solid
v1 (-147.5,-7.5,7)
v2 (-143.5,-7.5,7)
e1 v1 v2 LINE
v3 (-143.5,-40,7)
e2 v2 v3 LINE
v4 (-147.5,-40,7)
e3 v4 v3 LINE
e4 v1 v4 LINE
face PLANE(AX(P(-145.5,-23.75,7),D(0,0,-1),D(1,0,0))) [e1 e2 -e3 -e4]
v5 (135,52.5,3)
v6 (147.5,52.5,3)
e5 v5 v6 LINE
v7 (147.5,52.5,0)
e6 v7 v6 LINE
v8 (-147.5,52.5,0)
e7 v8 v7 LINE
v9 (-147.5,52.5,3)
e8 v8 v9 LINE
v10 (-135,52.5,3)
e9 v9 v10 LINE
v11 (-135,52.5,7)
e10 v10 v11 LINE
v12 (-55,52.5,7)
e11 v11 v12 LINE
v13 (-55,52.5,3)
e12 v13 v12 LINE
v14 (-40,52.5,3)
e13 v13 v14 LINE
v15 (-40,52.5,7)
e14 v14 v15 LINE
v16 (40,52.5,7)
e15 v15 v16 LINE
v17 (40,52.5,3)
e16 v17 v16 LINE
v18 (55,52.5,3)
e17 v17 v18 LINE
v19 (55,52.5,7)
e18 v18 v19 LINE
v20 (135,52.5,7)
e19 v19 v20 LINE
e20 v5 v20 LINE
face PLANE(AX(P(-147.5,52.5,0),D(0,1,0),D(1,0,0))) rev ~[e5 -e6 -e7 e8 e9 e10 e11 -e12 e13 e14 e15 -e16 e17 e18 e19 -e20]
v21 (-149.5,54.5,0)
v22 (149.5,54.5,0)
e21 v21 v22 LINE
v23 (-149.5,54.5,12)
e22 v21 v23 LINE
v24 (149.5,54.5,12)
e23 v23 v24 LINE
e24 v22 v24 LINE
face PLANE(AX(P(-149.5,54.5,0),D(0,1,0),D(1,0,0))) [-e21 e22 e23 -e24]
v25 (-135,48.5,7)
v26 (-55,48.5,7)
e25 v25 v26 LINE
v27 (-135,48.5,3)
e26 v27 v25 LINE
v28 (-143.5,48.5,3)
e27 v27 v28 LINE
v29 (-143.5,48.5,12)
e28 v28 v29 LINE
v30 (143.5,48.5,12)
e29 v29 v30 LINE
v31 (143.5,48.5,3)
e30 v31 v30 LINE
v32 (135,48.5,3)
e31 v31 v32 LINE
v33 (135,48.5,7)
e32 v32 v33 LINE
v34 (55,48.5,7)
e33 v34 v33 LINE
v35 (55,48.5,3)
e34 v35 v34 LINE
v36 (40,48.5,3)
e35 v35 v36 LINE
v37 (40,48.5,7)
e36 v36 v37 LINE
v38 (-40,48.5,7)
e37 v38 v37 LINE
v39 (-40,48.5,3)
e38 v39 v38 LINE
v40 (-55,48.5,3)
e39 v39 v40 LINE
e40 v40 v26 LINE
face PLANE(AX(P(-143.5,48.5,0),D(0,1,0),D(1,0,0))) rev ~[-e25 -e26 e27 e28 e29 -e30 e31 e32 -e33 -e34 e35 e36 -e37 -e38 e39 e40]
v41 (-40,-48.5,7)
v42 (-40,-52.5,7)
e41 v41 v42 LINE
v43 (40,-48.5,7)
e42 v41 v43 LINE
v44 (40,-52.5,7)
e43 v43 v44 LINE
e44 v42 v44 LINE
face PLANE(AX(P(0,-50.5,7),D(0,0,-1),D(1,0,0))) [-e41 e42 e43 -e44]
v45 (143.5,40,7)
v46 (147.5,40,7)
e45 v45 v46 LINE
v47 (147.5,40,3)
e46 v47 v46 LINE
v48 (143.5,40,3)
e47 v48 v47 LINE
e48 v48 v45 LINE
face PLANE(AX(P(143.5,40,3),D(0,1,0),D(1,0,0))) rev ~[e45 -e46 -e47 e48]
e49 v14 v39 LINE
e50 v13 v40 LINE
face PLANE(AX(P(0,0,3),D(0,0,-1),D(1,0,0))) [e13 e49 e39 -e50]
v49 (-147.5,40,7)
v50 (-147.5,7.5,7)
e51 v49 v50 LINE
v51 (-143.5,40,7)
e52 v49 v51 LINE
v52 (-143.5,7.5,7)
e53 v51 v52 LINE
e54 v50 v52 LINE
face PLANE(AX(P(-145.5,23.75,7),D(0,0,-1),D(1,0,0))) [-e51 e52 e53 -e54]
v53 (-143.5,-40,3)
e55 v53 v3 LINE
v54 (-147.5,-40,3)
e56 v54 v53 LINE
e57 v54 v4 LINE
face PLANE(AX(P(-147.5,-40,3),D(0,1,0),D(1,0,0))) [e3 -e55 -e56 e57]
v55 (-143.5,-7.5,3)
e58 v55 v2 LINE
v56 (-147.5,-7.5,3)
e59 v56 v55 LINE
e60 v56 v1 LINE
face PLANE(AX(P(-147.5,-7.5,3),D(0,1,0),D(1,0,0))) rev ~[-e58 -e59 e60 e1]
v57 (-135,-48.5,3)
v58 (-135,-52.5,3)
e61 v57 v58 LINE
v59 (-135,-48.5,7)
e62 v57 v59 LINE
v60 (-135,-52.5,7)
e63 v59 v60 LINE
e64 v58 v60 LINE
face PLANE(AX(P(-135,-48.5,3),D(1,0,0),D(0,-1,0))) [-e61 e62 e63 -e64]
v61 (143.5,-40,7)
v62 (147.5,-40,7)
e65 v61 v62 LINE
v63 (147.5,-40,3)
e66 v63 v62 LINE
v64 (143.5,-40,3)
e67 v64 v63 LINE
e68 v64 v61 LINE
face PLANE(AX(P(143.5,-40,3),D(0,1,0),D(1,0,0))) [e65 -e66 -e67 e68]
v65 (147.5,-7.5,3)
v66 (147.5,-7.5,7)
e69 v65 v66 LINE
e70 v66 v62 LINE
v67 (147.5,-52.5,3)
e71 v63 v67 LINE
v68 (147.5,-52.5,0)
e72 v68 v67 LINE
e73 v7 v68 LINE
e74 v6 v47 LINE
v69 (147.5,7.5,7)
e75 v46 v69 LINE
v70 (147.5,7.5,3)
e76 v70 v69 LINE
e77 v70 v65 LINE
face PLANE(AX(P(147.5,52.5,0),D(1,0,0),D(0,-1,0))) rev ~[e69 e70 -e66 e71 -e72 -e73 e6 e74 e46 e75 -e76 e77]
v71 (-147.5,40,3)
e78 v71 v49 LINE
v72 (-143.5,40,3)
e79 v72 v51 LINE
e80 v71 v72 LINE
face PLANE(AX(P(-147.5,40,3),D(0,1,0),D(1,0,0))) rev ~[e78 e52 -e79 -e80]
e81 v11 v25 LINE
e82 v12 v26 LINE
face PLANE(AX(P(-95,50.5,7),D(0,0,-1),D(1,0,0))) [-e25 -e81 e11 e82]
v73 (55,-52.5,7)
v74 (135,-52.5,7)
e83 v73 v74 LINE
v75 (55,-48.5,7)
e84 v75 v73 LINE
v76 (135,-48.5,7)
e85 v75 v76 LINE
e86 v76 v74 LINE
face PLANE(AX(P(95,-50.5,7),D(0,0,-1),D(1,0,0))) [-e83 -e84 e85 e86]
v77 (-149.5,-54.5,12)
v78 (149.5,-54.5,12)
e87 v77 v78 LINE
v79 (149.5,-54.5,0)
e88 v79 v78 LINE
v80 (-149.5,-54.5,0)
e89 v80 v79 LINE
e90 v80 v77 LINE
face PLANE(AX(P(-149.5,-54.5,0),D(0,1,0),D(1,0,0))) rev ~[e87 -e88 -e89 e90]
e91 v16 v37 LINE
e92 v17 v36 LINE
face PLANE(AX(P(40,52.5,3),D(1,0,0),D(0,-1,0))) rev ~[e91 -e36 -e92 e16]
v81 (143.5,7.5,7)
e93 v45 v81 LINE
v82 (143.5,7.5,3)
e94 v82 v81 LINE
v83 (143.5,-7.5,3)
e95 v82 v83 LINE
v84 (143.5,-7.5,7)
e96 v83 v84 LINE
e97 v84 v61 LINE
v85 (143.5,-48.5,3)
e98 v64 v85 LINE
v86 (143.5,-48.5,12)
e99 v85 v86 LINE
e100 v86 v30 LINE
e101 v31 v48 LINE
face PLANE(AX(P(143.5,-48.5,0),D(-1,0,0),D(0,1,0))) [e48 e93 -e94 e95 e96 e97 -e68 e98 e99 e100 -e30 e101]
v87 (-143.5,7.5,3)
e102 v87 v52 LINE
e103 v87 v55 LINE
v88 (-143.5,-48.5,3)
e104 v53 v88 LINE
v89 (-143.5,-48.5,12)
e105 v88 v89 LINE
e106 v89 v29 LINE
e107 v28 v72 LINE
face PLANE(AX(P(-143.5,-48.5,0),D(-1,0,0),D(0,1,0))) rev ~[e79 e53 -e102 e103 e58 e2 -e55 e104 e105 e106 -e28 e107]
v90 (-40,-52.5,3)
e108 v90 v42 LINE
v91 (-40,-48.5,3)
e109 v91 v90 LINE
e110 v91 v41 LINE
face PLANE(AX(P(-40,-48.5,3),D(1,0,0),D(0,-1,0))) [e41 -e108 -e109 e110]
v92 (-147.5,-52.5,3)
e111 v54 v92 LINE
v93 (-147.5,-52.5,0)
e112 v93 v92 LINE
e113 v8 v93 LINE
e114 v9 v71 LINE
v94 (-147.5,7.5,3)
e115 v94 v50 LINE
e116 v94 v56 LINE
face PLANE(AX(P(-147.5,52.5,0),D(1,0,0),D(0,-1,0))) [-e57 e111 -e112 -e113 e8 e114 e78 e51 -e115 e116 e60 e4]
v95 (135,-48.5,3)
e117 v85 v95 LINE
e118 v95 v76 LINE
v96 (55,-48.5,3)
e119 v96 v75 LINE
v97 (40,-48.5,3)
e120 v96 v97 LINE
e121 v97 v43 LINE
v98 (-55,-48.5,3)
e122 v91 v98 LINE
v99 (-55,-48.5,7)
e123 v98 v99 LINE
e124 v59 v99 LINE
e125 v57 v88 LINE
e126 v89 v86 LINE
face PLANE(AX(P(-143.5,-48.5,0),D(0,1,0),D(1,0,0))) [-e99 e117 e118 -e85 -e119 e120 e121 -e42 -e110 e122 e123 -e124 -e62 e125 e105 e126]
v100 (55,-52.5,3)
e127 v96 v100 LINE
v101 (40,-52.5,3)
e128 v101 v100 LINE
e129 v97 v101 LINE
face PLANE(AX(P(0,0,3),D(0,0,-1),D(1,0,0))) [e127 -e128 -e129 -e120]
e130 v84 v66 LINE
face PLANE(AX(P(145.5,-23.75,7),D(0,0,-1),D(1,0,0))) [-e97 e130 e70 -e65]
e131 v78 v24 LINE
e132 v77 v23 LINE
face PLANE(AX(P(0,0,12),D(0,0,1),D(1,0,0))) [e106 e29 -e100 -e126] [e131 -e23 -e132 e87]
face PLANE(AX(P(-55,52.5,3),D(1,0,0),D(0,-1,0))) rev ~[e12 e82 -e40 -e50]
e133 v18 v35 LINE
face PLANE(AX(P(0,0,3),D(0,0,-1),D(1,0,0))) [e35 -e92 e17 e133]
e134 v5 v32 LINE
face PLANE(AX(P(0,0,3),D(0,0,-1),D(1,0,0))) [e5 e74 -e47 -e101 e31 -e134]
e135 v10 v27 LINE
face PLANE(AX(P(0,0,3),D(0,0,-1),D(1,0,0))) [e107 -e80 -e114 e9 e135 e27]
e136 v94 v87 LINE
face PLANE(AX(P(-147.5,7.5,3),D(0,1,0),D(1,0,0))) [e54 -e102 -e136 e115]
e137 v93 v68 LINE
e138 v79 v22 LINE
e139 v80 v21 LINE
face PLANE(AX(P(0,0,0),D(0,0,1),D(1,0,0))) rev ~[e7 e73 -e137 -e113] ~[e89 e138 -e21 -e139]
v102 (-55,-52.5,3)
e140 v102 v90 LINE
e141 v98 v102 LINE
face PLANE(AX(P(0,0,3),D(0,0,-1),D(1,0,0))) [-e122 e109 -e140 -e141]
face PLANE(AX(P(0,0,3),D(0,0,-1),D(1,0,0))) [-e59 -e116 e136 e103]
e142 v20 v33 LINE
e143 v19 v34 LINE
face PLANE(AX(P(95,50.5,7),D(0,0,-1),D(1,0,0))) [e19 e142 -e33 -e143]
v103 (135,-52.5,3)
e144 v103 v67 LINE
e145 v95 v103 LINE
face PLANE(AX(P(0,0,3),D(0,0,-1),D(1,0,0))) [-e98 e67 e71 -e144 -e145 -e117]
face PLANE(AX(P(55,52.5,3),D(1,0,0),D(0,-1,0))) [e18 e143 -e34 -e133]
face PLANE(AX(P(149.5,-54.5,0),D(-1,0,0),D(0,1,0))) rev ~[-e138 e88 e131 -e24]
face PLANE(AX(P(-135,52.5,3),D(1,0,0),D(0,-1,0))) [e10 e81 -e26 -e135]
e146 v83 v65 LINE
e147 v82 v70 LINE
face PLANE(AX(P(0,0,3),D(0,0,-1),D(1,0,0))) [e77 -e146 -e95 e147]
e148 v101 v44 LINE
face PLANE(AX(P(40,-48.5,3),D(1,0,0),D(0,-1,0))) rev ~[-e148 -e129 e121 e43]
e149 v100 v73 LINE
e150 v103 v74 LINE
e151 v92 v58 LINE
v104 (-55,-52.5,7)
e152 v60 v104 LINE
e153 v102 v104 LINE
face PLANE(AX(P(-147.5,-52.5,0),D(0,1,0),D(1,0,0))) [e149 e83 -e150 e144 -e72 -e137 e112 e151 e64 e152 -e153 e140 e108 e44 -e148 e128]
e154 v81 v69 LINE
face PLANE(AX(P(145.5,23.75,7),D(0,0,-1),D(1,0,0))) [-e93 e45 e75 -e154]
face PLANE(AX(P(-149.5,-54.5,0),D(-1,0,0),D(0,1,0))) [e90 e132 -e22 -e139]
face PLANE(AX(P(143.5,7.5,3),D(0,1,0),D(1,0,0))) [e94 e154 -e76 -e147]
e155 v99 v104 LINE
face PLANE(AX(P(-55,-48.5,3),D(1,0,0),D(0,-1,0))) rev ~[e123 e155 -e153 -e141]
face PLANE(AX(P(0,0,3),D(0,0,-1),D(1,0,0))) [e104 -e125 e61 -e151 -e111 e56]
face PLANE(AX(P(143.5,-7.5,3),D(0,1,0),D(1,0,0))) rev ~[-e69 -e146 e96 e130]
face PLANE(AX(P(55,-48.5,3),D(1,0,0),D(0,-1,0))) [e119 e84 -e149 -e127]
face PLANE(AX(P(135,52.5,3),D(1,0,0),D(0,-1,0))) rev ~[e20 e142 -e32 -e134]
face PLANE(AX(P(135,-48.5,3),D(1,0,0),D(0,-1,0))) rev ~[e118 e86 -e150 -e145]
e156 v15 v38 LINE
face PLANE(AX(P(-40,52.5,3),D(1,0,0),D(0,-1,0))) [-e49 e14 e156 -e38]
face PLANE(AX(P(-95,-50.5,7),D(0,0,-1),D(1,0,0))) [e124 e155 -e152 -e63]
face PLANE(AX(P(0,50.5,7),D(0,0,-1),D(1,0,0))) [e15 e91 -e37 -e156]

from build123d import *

# Parameters (mm, degrees)
SKETCH001_W     = 299
SKETCH001_H     = 109
SKETCH001_W_2   = 287
SKETCH001_H_2   = 97
PAD_DEPTH       = 12
SKETCH002_W     = 295
SKETCH002_H     = 105
POCKET_DEPTH    = 3
SKETCH003_W     = 80
SKETCH003_H     = 4
POCKET001_DEPTH = 4
SKETCH004_W     = 4
SKETCH004_H     = 32.5
POCKET002_DEPTH = 4


with BuildPart() as part:
    # Sketch001 → Pad (new body)
    with BuildSketch(Plane.XY):
        Rectangle(SKETCH001_W, SKETCH001_H)
        Rectangle(SKETCH001_W_2, SKETCH001_H_2, mode=Mode.SUBTRACT)
    extrude(amount=PAD_DEPTH)

    # Sketch002 (on Face9 of Pad) → Pocket (cut)
    with BuildSketch(Plane(origin=(0, 0, 0), x_dir=(1, 0, 0), z_dir=(0, 0, -1))):
        Rectangle(SKETCH002_W, SKETCH002_H)
    extrude(amount=-POCKET_DEPTH, mode=Mode.SUBTRACT)

    # Sketch003 (on Face15 of Pocket) → Pocket001 (cut)
    with BuildSketch(Plane(origin=(0, 0, 3), x_dir=(1, 0, 0), z_dir=(0, 0, -1))):
        with Locations((-95, 50.5)):
            Rectangle(SKETCH003_W, SKETCH003_H)
        with Locations((0, 50.5)):
            Rectangle(SKETCH003_W, SKETCH003_H)
        with Locations((95, 50.5)):
            Rectangle(SKETCH003_W, SKETCH003_H)
        with Locations((-95, -50.5)):
            Rectangle(SKETCH003_W, SKETCH003_H)
        with Locations((0, -50.5)):
            Rectangle(SKETCH003_W, SKETCH003_H)
        with Locations((95, -50.5)):
            Rectangle(SKETCH003_W, SKETCH003_H)
    extrude(amount=-POCKET001_DEPTH, mode=Mode.SUBTRACT)

    # Sketch004 (on Face15 of Pocket001) → Pocket002 (cut)
    with BuildSketch(Plane(origin=(0, 0, 3), x_dir=(1, 0, 0), z_dir=(0, 0, -1))):
        with Locations((145.5, 23.75)):
            Rectangle(SKETCH004_W, SKETCH004_H)
        with Locations((145.5, -23.75)):
            Rectangle(SKETCH004_W, SKETCH004_H)
        with Locations((-145.5, 23.75)):
            Rectangle(SKETCH004_W, SKETCH004_H)
        with Locations((-145.5, -23.75)):
            Rectangle(SKETCH004_W, SKETCH004_H)
    extrude(amount=-POCKET002_DEPTH, mode=Mode.SUBTRACT)


solid = part.part
